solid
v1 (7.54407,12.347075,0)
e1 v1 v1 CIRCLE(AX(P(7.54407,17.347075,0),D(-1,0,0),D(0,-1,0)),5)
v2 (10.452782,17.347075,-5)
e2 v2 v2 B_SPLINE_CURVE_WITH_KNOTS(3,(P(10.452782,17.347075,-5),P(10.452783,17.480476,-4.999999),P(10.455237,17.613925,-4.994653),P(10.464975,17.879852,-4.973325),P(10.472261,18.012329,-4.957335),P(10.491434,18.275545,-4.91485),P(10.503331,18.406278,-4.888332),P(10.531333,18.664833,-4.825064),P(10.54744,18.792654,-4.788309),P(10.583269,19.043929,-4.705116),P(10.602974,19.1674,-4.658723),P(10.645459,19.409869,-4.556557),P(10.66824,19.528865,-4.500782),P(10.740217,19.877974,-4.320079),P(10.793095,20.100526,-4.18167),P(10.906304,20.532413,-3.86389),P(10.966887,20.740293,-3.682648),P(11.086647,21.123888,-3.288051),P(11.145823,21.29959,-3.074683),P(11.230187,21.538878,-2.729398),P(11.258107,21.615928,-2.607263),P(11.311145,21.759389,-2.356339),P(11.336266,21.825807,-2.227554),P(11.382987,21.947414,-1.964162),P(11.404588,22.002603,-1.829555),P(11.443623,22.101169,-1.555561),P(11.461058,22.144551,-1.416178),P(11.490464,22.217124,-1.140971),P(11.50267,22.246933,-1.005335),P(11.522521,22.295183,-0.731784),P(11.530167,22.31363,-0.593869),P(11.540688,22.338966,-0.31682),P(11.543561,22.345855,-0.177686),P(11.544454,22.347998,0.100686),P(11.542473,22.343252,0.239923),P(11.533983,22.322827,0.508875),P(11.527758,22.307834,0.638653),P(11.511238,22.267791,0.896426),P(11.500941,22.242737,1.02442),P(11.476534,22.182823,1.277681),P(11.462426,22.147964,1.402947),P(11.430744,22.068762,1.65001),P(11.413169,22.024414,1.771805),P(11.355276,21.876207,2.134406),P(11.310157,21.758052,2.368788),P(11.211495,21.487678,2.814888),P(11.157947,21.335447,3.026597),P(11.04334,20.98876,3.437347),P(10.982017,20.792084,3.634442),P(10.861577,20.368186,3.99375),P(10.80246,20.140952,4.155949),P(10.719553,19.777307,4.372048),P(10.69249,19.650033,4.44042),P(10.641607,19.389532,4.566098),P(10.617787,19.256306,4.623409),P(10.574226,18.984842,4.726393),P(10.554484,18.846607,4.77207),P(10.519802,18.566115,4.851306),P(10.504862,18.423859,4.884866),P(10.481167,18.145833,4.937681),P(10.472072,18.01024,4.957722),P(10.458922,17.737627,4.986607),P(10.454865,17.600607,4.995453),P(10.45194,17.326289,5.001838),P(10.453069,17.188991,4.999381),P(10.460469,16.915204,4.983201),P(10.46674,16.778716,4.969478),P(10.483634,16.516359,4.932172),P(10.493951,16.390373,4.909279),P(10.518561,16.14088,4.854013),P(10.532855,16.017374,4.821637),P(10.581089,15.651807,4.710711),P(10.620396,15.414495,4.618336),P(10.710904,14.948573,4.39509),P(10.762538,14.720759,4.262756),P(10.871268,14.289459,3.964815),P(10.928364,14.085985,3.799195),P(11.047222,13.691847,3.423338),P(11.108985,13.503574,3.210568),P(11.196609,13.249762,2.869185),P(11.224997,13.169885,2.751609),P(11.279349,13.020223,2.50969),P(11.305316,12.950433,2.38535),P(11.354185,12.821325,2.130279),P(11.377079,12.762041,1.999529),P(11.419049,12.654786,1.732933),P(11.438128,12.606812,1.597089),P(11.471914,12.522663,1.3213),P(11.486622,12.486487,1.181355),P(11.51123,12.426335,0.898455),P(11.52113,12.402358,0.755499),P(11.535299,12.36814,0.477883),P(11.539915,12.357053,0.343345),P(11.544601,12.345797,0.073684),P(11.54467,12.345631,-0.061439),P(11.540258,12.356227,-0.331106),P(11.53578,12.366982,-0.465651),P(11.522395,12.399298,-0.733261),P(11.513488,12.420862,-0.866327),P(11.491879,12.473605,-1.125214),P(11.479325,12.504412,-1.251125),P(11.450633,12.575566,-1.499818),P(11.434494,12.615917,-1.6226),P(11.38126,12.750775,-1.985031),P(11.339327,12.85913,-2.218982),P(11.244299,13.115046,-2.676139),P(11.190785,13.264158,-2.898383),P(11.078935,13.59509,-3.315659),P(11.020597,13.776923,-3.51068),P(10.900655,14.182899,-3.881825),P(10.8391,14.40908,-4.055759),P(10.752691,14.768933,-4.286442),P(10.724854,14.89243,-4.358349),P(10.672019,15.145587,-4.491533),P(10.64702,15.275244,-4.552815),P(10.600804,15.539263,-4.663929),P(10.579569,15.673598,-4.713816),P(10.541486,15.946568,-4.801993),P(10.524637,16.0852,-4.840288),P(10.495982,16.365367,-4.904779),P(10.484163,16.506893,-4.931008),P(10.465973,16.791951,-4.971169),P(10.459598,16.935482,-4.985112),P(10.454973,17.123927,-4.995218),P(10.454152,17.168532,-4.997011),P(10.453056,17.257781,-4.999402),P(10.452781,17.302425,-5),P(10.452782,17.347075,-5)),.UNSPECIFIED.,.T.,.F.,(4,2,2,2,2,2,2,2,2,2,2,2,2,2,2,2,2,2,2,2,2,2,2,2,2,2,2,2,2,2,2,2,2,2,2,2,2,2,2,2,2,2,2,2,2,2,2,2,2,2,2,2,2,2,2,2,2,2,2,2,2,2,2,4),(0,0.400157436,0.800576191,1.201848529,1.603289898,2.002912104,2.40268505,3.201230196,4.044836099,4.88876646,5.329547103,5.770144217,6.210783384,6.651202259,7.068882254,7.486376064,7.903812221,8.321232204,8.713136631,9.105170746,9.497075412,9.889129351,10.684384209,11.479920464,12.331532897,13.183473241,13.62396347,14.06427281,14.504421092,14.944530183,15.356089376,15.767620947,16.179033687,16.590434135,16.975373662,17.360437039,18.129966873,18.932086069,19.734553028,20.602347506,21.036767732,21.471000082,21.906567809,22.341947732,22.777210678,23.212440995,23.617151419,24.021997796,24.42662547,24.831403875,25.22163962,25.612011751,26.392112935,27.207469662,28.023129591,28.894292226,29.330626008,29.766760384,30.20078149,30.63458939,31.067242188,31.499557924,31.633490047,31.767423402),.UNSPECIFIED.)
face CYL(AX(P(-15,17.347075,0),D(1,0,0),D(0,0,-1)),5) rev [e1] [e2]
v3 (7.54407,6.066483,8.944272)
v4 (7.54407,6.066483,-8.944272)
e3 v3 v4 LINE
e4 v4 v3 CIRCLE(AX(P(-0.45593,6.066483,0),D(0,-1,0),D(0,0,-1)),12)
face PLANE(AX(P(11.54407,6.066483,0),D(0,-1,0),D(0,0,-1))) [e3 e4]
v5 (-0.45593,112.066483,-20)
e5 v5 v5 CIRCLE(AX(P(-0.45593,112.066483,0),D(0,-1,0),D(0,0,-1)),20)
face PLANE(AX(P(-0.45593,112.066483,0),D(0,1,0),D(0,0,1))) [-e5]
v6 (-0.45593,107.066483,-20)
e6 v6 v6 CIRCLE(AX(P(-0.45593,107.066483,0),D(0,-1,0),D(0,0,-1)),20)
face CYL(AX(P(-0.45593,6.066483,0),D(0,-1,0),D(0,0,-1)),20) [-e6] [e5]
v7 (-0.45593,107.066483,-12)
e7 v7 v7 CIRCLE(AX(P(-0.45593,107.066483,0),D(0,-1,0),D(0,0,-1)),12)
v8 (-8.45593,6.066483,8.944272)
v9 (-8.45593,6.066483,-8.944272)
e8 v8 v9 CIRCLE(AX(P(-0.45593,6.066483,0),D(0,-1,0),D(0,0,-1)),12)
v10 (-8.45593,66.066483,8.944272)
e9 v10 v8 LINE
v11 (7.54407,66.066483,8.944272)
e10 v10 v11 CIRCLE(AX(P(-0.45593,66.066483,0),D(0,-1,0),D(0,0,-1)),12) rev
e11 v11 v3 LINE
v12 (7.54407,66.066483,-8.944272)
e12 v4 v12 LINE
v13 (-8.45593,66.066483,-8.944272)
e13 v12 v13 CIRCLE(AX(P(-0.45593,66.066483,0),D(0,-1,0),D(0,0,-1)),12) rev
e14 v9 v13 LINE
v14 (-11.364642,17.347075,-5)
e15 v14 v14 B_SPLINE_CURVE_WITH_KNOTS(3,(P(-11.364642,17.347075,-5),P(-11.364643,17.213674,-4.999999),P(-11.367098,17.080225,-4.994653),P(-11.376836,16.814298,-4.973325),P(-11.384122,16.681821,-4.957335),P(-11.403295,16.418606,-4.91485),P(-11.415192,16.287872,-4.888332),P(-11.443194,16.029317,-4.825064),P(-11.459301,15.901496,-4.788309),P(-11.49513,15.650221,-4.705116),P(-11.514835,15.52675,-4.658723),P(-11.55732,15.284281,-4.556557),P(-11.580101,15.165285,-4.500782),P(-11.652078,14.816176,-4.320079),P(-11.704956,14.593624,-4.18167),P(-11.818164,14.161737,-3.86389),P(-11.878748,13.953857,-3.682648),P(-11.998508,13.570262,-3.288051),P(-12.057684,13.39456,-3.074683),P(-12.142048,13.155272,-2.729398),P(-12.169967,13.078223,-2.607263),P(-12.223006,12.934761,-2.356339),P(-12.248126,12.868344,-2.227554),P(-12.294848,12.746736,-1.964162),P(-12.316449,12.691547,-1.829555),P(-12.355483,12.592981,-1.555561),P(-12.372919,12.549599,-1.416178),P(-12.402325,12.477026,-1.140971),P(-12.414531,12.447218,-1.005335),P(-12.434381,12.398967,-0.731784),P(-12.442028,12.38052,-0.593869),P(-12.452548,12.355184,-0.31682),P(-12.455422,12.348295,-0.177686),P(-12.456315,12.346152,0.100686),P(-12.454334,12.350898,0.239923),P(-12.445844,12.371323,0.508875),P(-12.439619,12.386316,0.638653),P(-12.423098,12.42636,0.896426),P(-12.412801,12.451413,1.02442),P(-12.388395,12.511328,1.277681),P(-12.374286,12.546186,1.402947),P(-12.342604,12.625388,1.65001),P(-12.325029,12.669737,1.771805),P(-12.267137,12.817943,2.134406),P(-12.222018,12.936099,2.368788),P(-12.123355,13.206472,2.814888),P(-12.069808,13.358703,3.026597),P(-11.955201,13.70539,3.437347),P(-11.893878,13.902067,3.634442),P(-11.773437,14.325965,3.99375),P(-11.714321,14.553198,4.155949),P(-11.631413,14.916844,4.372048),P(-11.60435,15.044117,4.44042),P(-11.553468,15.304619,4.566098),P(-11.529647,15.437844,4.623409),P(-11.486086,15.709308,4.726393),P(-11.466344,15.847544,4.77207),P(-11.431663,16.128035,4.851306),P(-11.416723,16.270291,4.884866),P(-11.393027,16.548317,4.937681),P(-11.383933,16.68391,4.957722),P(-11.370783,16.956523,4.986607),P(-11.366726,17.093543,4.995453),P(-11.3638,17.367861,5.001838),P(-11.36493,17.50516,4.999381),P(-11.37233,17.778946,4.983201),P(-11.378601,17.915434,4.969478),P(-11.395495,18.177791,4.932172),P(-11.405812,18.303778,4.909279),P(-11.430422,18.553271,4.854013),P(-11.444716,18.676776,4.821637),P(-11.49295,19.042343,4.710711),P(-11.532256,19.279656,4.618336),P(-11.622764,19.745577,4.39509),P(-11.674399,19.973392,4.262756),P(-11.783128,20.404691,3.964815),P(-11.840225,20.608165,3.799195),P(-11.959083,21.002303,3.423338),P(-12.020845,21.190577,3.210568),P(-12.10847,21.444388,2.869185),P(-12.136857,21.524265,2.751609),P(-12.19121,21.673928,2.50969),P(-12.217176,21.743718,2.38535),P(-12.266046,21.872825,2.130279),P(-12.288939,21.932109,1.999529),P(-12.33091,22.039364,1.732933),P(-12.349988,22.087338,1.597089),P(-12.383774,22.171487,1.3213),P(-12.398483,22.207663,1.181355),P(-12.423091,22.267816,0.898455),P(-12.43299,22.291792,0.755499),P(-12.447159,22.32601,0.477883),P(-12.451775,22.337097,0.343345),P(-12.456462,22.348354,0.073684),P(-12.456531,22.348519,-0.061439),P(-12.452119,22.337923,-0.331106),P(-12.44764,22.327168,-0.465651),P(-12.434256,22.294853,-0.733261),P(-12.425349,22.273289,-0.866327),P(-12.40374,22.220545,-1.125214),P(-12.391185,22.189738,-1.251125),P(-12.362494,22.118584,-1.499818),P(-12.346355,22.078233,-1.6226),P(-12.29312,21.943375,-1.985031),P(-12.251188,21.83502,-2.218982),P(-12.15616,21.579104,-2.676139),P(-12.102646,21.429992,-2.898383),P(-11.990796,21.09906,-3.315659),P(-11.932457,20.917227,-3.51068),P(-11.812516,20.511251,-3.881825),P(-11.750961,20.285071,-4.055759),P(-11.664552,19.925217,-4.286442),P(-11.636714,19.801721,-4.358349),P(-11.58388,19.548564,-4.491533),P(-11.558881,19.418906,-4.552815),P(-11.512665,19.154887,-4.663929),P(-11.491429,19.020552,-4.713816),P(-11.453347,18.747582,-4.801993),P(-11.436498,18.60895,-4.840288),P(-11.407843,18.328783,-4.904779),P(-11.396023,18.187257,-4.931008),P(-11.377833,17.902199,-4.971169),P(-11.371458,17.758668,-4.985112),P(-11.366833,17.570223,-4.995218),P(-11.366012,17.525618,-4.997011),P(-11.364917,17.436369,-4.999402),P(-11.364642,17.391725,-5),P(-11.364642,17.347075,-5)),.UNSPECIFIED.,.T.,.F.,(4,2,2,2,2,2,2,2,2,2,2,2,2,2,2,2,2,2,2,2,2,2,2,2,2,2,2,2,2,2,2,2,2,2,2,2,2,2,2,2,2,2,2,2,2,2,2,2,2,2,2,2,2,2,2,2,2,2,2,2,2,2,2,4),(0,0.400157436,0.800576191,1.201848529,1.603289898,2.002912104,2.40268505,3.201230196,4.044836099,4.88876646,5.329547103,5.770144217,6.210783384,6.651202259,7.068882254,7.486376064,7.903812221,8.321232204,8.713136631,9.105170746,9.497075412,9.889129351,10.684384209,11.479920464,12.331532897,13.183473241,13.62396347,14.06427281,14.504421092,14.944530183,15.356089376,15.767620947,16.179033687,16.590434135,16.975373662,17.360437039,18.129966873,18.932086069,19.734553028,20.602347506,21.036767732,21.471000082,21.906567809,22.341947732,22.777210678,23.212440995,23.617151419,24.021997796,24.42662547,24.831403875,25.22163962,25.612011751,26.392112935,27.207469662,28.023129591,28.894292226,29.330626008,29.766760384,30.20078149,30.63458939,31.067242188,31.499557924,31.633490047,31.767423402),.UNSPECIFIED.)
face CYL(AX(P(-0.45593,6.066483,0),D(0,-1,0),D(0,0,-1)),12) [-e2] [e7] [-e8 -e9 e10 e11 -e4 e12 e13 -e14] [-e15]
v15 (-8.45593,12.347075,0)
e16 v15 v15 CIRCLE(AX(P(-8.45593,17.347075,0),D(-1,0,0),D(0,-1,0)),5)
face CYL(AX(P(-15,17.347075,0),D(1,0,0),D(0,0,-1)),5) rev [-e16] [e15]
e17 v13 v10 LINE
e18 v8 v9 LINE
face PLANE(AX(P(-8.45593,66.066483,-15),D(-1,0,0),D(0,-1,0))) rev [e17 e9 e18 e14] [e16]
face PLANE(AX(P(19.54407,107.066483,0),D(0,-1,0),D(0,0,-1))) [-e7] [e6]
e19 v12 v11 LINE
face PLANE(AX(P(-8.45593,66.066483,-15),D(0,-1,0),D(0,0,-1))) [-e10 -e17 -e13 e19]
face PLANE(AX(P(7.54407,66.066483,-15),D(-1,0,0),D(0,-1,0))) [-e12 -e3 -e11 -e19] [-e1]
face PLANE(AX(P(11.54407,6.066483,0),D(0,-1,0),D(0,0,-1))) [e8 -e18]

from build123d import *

# Parameters (mm, degrees)
SKETCH_4_W          = 16
SKETCH_4_H          = 70
CUT_EXTRUDE_1_DEPTH = 15
SKETCH_6_R          = 5
CUT_EXTRUDE_2_DEPTH = 15


with BuildPart() as part:
    # 草图1 → 旋转1 (revolve)
    with BuildSketch(Plane.XY, mode=Mode.PRIVATE) as revolve_1_sk:
        Polygon((-0.455930312, 112.0664832), (19.544069688, 112.0664832), (19.544069688, 107.0664832), (11.544069688, 107.0664832), (11.544069688, 6.0664832), (-0.455930312, 6.0664832), align=None)
    revolve(revolve_1_sk.sketch.rotate(Axis((-0.455930312, 6.0664832, 0), (0, 1, 0)), 90), axis=Axis((-0.455930312, 6.0664832, 0), (0, 1, 0)))

    # 草图4 → 切除-拉伸1 (cut, symmetric)
    with BuildSketch(Plane.XY):
        with Locations((-0.455930312, 31.0664832)):
            Rectangle(SKETCH_4_W, SKETCH_4_H)
    extrude(amount=CUT_EXTRUDE_1_DEPTH, both=True, mode=Mode.SUBTRACT)

    # 草图6 → 切除-拉伸2 (cut, symmetric)
    with BuildSketch(Plane(origin=(0, 0, 0), x_dir=(0, 0, -1), z_dir=(1, 0, 0))):
        with Locations((0, 17.347075097)):
            Circle(SKETCH_6_R)
    extrude(amount=CUT_EXTRUDE_2_DEPTH, both=True, mode=Mode.SUBTRACT)


solid = part.part
